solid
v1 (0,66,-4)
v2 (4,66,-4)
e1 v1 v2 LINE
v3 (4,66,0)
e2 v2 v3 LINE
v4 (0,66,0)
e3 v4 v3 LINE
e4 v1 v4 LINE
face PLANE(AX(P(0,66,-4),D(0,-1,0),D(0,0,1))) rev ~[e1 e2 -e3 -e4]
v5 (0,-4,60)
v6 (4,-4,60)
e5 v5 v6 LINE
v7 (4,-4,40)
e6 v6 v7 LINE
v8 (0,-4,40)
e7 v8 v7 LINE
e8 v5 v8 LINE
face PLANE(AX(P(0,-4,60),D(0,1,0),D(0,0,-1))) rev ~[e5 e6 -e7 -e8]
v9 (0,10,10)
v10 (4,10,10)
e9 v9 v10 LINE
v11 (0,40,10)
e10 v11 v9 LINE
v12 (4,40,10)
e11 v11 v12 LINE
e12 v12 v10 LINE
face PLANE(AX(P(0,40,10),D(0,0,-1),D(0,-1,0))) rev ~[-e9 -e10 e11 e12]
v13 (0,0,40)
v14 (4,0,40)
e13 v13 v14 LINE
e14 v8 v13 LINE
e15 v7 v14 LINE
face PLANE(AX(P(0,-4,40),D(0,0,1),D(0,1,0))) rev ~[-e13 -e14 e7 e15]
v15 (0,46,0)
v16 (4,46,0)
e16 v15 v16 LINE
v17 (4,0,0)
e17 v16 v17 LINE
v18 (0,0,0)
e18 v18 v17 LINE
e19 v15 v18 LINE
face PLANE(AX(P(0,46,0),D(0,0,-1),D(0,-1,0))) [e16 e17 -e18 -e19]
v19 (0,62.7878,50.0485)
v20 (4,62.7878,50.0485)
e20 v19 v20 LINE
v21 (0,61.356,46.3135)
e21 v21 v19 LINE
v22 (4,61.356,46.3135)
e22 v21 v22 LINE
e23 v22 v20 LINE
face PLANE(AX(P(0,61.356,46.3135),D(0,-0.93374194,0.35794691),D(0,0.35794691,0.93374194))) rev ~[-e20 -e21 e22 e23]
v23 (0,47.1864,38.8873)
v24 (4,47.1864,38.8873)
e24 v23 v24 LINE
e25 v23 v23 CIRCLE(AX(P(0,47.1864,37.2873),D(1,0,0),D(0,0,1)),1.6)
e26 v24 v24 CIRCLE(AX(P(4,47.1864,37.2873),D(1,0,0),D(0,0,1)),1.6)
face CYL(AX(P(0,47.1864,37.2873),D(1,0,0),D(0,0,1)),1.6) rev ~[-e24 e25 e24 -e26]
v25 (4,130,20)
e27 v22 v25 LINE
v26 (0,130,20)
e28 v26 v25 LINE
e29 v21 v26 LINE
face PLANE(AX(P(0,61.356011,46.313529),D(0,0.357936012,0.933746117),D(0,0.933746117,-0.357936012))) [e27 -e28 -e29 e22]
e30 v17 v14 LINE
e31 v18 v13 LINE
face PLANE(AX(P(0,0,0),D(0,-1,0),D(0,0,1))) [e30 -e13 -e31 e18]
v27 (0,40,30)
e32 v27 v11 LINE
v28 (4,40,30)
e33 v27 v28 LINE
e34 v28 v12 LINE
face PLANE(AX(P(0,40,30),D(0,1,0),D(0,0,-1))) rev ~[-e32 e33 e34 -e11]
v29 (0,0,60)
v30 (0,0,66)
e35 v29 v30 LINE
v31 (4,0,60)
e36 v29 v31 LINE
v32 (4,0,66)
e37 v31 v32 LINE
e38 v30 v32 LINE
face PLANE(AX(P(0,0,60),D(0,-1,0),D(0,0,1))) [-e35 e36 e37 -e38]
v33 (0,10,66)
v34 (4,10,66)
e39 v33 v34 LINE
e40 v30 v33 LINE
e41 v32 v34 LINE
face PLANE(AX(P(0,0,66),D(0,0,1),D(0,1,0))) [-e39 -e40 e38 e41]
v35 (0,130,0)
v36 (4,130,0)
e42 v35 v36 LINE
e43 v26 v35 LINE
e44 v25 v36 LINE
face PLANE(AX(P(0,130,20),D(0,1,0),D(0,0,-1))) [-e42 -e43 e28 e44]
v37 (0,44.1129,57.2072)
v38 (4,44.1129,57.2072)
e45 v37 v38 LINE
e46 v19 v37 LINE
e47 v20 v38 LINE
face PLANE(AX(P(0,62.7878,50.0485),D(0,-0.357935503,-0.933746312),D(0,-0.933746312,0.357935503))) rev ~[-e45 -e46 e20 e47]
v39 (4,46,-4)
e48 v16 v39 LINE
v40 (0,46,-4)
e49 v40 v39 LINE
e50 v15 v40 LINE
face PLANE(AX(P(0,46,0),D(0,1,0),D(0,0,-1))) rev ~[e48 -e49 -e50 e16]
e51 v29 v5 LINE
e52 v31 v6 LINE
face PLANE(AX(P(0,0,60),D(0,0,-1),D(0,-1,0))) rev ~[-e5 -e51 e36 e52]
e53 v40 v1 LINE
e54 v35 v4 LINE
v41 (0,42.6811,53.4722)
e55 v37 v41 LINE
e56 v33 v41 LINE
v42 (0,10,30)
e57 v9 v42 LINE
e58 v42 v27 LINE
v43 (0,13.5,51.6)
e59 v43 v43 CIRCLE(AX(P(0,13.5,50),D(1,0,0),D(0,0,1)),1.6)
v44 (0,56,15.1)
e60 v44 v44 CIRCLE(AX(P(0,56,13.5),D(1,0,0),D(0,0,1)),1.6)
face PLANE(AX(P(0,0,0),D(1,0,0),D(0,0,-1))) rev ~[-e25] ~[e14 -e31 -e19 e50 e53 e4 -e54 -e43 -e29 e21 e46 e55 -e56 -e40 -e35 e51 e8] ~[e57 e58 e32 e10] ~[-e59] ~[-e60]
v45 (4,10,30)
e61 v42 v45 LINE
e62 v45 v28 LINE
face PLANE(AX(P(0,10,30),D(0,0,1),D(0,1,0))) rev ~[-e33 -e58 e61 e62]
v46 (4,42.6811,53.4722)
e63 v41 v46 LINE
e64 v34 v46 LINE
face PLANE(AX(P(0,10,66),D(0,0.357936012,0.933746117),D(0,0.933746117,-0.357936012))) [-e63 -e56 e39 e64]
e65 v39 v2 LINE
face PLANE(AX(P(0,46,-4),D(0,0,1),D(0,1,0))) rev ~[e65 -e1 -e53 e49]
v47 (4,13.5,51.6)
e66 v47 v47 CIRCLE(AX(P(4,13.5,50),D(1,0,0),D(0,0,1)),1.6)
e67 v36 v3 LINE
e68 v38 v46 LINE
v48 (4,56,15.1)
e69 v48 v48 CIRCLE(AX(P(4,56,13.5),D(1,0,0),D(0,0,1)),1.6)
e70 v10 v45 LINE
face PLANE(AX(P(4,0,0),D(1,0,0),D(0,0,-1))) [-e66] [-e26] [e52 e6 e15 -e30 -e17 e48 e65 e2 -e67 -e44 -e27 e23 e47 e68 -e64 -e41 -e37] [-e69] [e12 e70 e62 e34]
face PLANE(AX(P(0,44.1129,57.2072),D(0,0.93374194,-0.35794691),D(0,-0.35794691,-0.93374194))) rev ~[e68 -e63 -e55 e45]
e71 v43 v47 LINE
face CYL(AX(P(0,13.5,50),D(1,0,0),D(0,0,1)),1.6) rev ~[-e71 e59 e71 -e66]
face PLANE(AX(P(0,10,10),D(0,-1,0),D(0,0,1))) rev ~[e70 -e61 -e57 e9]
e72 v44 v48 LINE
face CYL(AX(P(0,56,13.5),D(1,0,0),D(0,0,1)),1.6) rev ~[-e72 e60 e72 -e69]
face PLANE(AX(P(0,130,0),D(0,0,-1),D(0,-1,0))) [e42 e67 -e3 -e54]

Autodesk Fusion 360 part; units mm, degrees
sketch "スケッチ1" plane through (0, 0, 0) normal (1, 0, 0) x (0, 0, -1)
  line L0 (0, 0) -> (-66, 0)
  line L1 (-66, 0) -> (-66, 10)
  line L2 (-66, 10) -> (-20, 130)
  line L3 (-20, 130) -> (0, 130)
  line L4 (0, 130) -> (0, 0)
  line L5 (-40, 0) -> (-60, 0)
  line L6 (-60, 0) -> (-60, -4)
  line L7 (-60, -4) -> (-40, -4)
  line L8 (-40, -4) -> (-40, 0)
  line L9 (0, 46) -> (4, 46)
  line L10 (4, 46) -> (4, 66)
  line L11 (4, 66) -> (0, 66)
  line L12 (0, 66) -> (0, 46)
  line L13 (-50, 0) -> (-50, 13.5)
  line L14 (0, 56) -> (-13.5, 56)
  line L15 (-53.4722, 42.6811) -> (-46.3135, 61.356)
  line L16 (-46.3135, 61.356) -> (-50.0485, 62.7878)
  line L17 (-50.0485, 62.7878) -> (-57.2072, 44.1129)
  line L18 (-57.2072, 44.1129) -> (-53.4722, 42.6811)
  line L19 (-49.8929, 52.0186) -> (-37.2873, 47.1864)
  line L20 (-10, 10) -> (-30, 10)
  line L21 (-30, 10) -> (-30, 40)
  line L22 (-30, 40) -> (-10, 40)
  line L23 (-10, 40) -> (-10, 10)
  dimension "d1" = 66
  dimension "d2" = 10
  dimension "d5" = 130
  dimension "d6" = 20
  dimension "d7" = 4
  dimension "d8" = 20
  dimension "d9" = 46
  dimension "d10" = 20
  dimension "d11" = 4
  dimension "d12" = 40
  dimension "d13" = 20
  dimension "d14" = 4
  dimension "d15" = 35
  dimension "d16" = 13.5
  dimension "d22" = 10
  dimension "d23" = 20
  dimension "d24" = 10
  dimension "d25" = 30
extrude "押し出し1" add sketch "スケッチ1" along normal blind 4
hole "穴1" at (0, 56, 13.5) at (0, 47.1864, 37.2873) at (0, 13.5, 50) direction (1, 0, 0) diameter 3.2 end through all
